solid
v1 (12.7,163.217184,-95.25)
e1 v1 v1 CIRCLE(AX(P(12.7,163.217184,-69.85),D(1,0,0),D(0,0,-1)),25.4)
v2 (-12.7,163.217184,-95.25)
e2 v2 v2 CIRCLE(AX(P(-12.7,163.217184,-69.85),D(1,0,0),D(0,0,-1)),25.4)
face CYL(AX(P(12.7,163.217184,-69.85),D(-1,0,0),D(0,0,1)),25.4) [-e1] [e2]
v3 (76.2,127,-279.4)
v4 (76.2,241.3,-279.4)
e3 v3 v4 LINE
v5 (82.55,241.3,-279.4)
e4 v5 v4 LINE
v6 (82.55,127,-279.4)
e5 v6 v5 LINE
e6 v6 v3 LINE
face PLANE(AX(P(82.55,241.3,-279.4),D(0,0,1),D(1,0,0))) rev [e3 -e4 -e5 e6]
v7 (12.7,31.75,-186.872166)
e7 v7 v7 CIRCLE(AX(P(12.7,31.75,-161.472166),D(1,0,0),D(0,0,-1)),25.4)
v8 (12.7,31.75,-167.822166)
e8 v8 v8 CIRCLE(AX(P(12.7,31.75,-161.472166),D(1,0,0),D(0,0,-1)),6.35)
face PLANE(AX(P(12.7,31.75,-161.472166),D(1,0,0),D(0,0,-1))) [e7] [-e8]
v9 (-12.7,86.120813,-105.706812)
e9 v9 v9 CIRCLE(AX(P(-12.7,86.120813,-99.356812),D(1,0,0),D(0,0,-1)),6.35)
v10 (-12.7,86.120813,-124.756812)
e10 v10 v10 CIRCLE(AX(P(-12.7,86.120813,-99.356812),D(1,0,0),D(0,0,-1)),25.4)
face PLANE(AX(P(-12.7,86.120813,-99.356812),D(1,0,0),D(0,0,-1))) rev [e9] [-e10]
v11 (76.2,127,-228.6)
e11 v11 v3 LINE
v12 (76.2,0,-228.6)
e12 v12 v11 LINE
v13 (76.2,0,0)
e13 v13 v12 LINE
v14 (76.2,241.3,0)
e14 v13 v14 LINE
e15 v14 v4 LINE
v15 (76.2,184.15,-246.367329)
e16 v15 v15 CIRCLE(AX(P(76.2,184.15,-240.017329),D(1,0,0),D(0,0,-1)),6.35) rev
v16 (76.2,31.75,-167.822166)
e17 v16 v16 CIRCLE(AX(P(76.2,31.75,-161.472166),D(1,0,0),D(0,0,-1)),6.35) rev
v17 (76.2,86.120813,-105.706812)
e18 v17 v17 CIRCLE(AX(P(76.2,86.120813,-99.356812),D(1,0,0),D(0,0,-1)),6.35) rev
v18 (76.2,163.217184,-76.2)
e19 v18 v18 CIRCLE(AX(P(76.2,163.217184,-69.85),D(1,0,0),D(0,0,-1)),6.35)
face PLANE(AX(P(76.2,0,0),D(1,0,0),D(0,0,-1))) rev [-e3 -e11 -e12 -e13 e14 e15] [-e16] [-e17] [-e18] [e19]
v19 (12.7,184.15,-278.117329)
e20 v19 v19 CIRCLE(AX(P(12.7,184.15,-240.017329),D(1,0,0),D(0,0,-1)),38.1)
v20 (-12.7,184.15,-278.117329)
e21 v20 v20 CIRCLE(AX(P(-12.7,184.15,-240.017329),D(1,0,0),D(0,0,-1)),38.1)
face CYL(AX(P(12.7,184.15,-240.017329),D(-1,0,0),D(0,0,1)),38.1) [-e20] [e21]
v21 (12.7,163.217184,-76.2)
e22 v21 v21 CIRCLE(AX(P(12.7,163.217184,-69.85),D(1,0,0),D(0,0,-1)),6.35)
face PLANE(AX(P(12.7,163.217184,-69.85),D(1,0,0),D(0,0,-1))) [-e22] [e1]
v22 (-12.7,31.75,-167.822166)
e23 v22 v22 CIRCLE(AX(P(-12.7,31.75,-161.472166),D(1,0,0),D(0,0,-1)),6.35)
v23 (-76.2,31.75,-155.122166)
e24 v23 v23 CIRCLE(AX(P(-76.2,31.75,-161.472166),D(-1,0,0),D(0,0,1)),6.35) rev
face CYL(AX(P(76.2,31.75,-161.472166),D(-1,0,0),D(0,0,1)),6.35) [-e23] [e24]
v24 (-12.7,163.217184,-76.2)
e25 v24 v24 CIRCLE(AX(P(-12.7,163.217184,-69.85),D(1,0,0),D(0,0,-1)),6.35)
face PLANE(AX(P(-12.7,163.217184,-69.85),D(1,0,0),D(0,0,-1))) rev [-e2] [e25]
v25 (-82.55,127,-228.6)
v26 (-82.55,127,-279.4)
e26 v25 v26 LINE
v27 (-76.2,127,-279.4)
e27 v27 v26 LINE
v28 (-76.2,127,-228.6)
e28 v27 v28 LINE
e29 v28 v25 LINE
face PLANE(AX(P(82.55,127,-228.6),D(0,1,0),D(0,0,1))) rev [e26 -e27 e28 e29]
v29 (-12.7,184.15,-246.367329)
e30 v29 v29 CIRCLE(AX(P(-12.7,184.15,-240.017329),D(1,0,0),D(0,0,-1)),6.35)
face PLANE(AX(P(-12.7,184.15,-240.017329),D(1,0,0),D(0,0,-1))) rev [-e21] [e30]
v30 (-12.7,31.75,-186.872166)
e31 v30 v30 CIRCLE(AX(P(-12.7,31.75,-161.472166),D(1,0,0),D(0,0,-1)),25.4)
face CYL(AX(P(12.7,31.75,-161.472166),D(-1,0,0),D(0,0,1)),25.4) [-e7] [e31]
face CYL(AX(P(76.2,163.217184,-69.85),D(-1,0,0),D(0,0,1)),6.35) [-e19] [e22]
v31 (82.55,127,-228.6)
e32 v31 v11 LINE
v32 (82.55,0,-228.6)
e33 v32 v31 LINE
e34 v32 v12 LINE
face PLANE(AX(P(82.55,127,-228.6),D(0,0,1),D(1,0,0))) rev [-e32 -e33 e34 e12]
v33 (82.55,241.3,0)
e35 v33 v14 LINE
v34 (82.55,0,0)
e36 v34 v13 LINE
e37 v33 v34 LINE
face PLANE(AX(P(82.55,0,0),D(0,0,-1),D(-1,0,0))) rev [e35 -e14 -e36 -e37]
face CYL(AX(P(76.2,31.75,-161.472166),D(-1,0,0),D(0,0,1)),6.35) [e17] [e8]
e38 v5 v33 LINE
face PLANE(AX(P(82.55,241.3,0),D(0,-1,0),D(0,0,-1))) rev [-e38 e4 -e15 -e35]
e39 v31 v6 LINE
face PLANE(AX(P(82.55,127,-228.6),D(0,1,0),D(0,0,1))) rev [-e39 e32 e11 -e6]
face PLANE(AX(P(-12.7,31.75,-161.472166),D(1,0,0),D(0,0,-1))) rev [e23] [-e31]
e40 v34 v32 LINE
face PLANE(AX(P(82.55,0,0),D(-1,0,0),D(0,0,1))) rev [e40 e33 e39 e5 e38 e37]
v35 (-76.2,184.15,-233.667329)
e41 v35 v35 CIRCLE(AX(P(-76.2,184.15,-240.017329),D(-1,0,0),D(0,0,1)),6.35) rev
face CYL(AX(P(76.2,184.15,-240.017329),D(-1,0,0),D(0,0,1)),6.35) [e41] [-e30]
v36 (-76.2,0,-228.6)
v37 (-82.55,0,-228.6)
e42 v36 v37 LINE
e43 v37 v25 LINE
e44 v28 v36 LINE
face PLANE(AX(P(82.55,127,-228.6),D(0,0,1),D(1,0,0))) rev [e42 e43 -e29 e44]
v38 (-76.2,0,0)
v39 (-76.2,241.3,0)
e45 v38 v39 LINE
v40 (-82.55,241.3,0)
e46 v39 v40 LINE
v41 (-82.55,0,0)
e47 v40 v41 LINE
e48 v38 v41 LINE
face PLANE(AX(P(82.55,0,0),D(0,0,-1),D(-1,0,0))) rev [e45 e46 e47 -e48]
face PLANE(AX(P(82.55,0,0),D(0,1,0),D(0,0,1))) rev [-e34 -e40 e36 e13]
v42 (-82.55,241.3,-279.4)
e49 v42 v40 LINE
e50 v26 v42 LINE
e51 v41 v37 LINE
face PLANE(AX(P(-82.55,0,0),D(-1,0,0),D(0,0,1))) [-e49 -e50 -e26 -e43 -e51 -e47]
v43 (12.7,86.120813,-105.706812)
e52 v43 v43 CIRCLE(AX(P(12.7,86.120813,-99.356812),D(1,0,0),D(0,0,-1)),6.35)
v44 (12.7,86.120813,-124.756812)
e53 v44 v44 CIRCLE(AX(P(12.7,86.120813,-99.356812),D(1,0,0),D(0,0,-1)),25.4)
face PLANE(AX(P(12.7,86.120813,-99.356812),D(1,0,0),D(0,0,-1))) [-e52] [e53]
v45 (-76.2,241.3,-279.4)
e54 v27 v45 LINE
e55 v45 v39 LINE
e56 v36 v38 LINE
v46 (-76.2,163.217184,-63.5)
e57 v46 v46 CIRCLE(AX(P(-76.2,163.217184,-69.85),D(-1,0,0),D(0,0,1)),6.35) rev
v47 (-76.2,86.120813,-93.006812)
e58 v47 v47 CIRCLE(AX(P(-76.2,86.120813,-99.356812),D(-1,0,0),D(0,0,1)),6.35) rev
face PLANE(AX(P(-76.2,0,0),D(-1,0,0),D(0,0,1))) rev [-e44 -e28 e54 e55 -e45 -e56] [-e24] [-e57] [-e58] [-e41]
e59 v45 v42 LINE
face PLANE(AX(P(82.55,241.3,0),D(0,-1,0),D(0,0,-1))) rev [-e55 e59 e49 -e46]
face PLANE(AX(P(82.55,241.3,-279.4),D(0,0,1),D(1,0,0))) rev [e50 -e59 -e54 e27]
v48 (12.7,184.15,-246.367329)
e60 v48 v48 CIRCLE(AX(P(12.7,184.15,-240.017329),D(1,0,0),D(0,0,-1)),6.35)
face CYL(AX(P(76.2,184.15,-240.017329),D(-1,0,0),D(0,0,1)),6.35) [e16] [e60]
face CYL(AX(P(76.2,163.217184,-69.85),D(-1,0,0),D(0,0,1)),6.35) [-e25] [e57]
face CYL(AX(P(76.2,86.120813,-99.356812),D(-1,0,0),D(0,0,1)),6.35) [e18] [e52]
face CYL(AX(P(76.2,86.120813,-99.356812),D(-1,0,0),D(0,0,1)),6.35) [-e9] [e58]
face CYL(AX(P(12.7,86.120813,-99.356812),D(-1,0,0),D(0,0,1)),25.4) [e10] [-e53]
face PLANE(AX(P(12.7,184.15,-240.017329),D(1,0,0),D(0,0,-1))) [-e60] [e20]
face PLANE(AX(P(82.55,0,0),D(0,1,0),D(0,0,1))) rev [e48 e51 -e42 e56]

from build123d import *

# Parameters (mm, degrees)
BOSS_EXTRUDE1_DEPTH   = 82.55
SKETCH2_W             = 152.4
SKETCH2_H             = 279.4
CUT_EXTRUDE1_DEPTH    = 242.3
SKETCH3_R             = 25.4
BOSS_EXTRUDE2_DEPTH   = 12.7
SKETCH3_R_2           = 38.1
BOSS_EXTRUDE2_2_DEPTH = 12.7
BOSS_EXTRUDE2_3_DEPTH = 12.7
BOSS_EXTRUDE2_4_DEPTH = 12.7
SKETCH4_R             = 6.35
BOSS_EXTRUDE3_DEPTH   = 76.2


with BuildPart() as part:
    # Sketch1 → Boss-Extrude1 (new body, symmetric)
    with BuildSketch(Plane(origin=(0, 0, 0), x_dir=(0, 0, -1), z_dir=(1, 0, 0))):
        Polygon((0, 0), (228.6, 0), (228.6, 127), (279.4, 127), (279.4, 241.3), (0, 241.3), align=None)
    extrude(amount=BOSS_EXTRUDE1_DEPTH, both=True)

    # Sketch2 → Cut-Extrude1 (cut, through all)
    with BuildSketch(Plane(origin=(0, 241.3, 0), x_dir=(1, 0, 0), z_dir=(0, 1, 0))):
        with Locations((0, 139.7)):
            Rectangle(SKETCH2_W, SKETCH2_H)
    extrude(amount=-CUT_EXTRUDE1_DEPTH, mode=Mode.SUBTRACT)



with BuildPart() as body_2:
    # Sketch3 → Boss-Extrude2 (new body, symmetric)
    with BuildSketch(Plane(origin=(0, 0, 0), x_dir=(0, 0, -1), z_dir=(1, 0, 0))):
        with Locations((161.472166443, 31.75)):
            Circle(SKETCH3_R)
    extrude(amount=BOSS_EXTRUDE2_DEPTH, both=True)


with BuildPart() as body_3:
    # Sketch3 → Boss-Extrude2 2 (new body, symmetric)
    with BuildSketch(Plane(origin=(0, 0, 0), x_dir=(0, 0, -1), z_dir=(1, 0, 0))):
        with Locations((240.017328611, 184.15)):
            Circle(SKETCH3_R_2)
    extrude(amount=BOSS_EXTRUDE2_2_DEPTH, both=True)


with BuildPart() as body_4:
    # Sketch3 → Boss-Extrude2 3 (new body, symmetric)
    with BuildSketch(Plane(origin=(0, 0, 0), x_dir=(0, 0, -1), z_dir=(1, 0, 0))):
        with Locations((69.85, 163.217184297)):
            Circle(SKETCH3_R)
    extrude(amount=BOSS_EXTRUDE2_3_DEPTH, both=True)


with BuildPart() as body_5:
    # Sketch3 → Boss-Extrude2 4 (new body, symmetric)
    with BuildSketch(Plane(origin=(0, 0, 0), x_dir=(0, 0, -1), z_dir=(1, 0, 0))):
        with Locations((99.356812104, 86.120812531)):
            Circle(SKETCH3_R)
    extrude(amount=BOSS_EXTRUDE2_4_DEPTH, both=True)


with BuildPart() as part_1:
    add(part.part)

    add(body_2.part)  # Boss-Extrude3 merges body 2

    add(body_3.part)  # Boss-Extrude3 merges body 3

    add(body_4.part)  # Boss-Extrude3 merges body 4

    add(body_5.part)  # Boss-Extrude3 merges body 5
    # Sketch4 → Boss-Extrude3 (add, symmetric)
    with BuildSketch(Plane(origin=(0, 0, 0), x_dir=(0, 0, -1), z_dir=(1, 0, 0))):
        with Locations((69.85, 163.217184297)):
            Circle(SKETCH4_R)
        with Locations((99.356812104, 86.120812531)):
            Circle(SKETCH4_R)
        with Locations((161.472166443, 31.75)):
            Circle(SKETCH4_R)
        with Locations((240.017328611, 184.15)):
            Circle(SKETCH4_R)
    extrude(amount=BOSS_EXTRUDE3_DEPTH, both=True)


solid = part_1.part
